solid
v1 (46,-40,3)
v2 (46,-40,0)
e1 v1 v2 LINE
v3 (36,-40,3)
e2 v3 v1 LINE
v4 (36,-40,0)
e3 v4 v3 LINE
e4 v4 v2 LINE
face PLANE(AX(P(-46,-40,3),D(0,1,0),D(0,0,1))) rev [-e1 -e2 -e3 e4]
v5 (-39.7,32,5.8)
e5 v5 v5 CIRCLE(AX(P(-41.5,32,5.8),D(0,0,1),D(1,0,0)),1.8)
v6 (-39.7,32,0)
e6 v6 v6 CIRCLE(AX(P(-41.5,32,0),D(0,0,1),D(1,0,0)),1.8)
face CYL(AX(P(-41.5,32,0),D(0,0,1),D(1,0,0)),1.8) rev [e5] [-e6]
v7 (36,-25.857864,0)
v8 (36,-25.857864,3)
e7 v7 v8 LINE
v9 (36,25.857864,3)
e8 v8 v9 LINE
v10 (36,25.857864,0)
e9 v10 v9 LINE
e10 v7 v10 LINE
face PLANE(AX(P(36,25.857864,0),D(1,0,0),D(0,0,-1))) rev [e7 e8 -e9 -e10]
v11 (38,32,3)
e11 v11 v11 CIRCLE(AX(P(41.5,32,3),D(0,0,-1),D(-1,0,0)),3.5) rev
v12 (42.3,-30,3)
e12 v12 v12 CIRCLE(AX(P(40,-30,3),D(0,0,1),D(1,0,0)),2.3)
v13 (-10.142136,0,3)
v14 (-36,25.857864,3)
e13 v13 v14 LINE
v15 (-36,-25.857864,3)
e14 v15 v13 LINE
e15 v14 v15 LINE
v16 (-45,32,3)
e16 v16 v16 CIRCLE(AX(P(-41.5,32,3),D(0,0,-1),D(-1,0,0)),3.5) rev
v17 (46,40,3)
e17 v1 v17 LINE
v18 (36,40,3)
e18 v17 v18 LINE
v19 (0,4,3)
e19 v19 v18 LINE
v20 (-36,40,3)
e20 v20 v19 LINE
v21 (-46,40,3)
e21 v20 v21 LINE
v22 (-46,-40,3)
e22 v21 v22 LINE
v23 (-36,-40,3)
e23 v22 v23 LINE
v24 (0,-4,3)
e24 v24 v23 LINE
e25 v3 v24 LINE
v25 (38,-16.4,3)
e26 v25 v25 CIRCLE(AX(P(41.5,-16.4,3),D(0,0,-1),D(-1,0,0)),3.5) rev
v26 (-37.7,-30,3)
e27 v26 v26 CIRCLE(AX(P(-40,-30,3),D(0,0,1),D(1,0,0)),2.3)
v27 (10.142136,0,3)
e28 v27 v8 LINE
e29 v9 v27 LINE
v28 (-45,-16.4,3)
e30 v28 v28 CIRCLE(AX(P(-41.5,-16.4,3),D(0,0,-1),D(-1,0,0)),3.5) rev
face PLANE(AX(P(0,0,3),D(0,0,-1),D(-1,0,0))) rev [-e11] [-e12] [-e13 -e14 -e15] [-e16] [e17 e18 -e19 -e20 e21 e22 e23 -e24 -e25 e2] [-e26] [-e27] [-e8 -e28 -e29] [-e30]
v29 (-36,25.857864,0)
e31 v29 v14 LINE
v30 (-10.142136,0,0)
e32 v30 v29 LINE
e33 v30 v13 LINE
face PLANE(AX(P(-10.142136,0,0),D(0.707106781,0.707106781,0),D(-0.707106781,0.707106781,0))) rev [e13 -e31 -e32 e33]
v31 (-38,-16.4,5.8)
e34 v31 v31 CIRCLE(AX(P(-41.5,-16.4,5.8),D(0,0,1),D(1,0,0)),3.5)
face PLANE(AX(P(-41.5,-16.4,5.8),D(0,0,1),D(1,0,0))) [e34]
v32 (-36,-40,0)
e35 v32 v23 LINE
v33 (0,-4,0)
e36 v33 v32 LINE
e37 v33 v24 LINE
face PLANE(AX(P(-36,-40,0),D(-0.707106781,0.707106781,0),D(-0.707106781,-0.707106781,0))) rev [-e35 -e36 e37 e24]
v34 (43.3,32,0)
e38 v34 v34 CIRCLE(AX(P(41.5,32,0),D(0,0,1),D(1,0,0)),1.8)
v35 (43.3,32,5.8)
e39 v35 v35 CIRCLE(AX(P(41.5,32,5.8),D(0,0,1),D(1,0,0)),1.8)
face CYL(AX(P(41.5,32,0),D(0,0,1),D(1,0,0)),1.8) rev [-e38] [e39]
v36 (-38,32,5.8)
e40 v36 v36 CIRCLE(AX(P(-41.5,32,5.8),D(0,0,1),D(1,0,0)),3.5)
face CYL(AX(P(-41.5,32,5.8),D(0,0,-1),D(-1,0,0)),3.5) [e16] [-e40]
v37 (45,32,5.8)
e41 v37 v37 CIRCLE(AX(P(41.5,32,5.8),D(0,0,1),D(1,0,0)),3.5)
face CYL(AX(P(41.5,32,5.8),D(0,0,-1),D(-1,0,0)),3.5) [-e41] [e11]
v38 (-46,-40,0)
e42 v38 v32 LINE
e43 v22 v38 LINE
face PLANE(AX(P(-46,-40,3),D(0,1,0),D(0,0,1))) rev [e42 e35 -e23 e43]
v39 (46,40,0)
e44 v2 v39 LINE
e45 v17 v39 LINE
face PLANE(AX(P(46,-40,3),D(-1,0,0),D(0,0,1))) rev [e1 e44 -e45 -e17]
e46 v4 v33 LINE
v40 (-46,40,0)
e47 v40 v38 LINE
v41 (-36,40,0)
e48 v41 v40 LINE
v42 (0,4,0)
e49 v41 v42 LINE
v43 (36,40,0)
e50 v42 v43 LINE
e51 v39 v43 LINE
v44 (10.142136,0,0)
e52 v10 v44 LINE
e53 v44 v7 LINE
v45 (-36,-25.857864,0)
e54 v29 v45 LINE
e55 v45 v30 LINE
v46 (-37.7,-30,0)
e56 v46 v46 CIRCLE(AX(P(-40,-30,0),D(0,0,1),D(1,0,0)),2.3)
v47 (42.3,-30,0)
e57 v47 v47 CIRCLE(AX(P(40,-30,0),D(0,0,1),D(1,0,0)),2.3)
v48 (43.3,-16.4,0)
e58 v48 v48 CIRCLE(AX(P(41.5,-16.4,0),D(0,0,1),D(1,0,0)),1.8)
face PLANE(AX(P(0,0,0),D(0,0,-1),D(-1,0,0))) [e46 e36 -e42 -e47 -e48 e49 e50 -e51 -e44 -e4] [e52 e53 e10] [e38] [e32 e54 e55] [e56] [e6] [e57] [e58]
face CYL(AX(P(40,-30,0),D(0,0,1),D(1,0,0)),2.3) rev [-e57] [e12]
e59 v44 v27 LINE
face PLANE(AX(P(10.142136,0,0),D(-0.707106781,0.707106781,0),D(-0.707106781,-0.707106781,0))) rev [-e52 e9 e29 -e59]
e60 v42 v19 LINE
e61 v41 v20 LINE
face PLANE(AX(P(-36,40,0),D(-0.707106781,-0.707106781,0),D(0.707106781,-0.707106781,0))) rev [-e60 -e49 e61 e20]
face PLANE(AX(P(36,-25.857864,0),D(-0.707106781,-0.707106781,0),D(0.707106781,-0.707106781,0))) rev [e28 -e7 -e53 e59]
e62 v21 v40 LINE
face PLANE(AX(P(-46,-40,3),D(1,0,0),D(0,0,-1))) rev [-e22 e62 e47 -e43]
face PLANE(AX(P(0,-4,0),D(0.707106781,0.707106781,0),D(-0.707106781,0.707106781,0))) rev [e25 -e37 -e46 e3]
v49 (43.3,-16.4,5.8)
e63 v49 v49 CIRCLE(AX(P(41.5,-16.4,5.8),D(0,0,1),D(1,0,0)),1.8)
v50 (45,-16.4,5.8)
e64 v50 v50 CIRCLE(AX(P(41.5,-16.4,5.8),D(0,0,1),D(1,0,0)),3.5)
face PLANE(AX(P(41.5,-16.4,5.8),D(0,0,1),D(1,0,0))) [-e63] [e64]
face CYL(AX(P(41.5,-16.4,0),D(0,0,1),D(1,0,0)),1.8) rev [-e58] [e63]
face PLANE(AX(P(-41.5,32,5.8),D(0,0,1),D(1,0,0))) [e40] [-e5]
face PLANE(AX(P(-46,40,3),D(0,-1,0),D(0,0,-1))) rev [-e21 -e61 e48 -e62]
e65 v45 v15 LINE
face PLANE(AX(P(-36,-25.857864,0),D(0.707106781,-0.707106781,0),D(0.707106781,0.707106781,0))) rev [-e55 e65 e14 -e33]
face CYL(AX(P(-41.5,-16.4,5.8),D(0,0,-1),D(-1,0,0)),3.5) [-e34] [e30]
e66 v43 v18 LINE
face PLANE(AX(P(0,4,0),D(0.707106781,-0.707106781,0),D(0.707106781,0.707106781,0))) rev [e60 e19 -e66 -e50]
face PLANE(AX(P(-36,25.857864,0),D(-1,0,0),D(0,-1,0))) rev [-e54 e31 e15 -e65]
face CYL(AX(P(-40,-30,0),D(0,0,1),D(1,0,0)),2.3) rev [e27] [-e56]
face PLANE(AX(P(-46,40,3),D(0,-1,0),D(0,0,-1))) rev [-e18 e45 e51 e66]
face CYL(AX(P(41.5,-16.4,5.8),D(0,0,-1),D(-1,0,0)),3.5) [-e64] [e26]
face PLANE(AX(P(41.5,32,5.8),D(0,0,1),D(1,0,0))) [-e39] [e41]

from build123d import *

# Parameters (mm, degrees)
SKETCH1_W           = 92
SKETCH1_H           = 80
BOSS_EXTRUDE1_DEPTH = 3
CUT_EXTRUDE1_DEPTH  = 62.032778079
SKETCH3_R           = 3.5
BOSS_EXTRUDE2_DEPTH = 2.8
SKETCH4_R           = 1.8
CUT_EXTRUDE2_DEPTH  = 62.234304111
SKETCH5_R           = 2.3
CUT_EXTRUDE3_DEPTH  = 62.032778079


with BuildPart() as part:
    # Sketch1 → Boss-Extrude1 (new body)
    with BuildSketch(Plane.XY):
        Rectangle(SKETCH1_W, SKETCH1_H)
    extrude(amount=BOSS_EXTRUDE1_DEPTH)

    # Sketch2 → Cut-Extrude1 (cut, through all)
    with BuildSketch(Plane.XY.offset(3)):
        Polygon((-36, 40), (0, 4), (36, 40), align=None)
        Polygon((-36, 25.857864376), (-36, -25.857864376), (-10.142135624, 0), align=None)
        Polygon((-36, -40), (0, -4), (36, -40), align=None)
        Polygon((36, 25.857864376), (36, -25.857864376), (10.142135624, 0), align=None)
    extrude(amount=-CUT_EXTRUDE1_DEPTH, mode=Mode.SUBTRACT)

    # Sketch3 → Boss-Extrude2 (add)
    with BuildSketch(Plane.XY.offset(3)):
        with Locations(Location((-41.5, 32, 0), (0, 0, 180))):
            Circle(SKETCH3_R)
        with Locations(Location((-41.5, -16.4, 0), (0, 0, 180))):
            Circle(SKETCH3_R)
        with Locations(Location((41.5, -16.4, 0), (0, 0, 180))):
            Circle(SKETCH3_R)
        with Locations(Location((41.5, 32, 0), (0, 0, 180))):
            Circle(SKETCH3_R)
    extrude(amount=BOSS_EXTRUDE2_DEPTH)

    # Sketch4 → Cut-Extrude2 (cut, through all)
    with BuildSketch(Plane.XY.offset(5.8)):
        with Locations((-41.5, 32)):
            Circle(SKETCH4_R)
        with Locations((41.5, 32)):
            Circle(SKETCH4_R)
        with Locations((41.5, -16.4)):
            Circle(SKETCH4_R)
    extrude(amount=-CUT_EXTRUDE2_DEPTH, mode=Mode.SUBTRACT)

    # Sketch5 → Cut-Extrude3 (cut, through all)
    with BuildSketch(Plane.XY.offset(3)):
        with Locations((-40, -30)):
            Circle(SKETCH5_R)
        with Locations((40, -30)):
            Circle(SKETCH5_R)
    extrude(amount=-CUT_EXTRUDE3_DEPTH, mode=Mode.SUBTRACT)


solid = part.part
